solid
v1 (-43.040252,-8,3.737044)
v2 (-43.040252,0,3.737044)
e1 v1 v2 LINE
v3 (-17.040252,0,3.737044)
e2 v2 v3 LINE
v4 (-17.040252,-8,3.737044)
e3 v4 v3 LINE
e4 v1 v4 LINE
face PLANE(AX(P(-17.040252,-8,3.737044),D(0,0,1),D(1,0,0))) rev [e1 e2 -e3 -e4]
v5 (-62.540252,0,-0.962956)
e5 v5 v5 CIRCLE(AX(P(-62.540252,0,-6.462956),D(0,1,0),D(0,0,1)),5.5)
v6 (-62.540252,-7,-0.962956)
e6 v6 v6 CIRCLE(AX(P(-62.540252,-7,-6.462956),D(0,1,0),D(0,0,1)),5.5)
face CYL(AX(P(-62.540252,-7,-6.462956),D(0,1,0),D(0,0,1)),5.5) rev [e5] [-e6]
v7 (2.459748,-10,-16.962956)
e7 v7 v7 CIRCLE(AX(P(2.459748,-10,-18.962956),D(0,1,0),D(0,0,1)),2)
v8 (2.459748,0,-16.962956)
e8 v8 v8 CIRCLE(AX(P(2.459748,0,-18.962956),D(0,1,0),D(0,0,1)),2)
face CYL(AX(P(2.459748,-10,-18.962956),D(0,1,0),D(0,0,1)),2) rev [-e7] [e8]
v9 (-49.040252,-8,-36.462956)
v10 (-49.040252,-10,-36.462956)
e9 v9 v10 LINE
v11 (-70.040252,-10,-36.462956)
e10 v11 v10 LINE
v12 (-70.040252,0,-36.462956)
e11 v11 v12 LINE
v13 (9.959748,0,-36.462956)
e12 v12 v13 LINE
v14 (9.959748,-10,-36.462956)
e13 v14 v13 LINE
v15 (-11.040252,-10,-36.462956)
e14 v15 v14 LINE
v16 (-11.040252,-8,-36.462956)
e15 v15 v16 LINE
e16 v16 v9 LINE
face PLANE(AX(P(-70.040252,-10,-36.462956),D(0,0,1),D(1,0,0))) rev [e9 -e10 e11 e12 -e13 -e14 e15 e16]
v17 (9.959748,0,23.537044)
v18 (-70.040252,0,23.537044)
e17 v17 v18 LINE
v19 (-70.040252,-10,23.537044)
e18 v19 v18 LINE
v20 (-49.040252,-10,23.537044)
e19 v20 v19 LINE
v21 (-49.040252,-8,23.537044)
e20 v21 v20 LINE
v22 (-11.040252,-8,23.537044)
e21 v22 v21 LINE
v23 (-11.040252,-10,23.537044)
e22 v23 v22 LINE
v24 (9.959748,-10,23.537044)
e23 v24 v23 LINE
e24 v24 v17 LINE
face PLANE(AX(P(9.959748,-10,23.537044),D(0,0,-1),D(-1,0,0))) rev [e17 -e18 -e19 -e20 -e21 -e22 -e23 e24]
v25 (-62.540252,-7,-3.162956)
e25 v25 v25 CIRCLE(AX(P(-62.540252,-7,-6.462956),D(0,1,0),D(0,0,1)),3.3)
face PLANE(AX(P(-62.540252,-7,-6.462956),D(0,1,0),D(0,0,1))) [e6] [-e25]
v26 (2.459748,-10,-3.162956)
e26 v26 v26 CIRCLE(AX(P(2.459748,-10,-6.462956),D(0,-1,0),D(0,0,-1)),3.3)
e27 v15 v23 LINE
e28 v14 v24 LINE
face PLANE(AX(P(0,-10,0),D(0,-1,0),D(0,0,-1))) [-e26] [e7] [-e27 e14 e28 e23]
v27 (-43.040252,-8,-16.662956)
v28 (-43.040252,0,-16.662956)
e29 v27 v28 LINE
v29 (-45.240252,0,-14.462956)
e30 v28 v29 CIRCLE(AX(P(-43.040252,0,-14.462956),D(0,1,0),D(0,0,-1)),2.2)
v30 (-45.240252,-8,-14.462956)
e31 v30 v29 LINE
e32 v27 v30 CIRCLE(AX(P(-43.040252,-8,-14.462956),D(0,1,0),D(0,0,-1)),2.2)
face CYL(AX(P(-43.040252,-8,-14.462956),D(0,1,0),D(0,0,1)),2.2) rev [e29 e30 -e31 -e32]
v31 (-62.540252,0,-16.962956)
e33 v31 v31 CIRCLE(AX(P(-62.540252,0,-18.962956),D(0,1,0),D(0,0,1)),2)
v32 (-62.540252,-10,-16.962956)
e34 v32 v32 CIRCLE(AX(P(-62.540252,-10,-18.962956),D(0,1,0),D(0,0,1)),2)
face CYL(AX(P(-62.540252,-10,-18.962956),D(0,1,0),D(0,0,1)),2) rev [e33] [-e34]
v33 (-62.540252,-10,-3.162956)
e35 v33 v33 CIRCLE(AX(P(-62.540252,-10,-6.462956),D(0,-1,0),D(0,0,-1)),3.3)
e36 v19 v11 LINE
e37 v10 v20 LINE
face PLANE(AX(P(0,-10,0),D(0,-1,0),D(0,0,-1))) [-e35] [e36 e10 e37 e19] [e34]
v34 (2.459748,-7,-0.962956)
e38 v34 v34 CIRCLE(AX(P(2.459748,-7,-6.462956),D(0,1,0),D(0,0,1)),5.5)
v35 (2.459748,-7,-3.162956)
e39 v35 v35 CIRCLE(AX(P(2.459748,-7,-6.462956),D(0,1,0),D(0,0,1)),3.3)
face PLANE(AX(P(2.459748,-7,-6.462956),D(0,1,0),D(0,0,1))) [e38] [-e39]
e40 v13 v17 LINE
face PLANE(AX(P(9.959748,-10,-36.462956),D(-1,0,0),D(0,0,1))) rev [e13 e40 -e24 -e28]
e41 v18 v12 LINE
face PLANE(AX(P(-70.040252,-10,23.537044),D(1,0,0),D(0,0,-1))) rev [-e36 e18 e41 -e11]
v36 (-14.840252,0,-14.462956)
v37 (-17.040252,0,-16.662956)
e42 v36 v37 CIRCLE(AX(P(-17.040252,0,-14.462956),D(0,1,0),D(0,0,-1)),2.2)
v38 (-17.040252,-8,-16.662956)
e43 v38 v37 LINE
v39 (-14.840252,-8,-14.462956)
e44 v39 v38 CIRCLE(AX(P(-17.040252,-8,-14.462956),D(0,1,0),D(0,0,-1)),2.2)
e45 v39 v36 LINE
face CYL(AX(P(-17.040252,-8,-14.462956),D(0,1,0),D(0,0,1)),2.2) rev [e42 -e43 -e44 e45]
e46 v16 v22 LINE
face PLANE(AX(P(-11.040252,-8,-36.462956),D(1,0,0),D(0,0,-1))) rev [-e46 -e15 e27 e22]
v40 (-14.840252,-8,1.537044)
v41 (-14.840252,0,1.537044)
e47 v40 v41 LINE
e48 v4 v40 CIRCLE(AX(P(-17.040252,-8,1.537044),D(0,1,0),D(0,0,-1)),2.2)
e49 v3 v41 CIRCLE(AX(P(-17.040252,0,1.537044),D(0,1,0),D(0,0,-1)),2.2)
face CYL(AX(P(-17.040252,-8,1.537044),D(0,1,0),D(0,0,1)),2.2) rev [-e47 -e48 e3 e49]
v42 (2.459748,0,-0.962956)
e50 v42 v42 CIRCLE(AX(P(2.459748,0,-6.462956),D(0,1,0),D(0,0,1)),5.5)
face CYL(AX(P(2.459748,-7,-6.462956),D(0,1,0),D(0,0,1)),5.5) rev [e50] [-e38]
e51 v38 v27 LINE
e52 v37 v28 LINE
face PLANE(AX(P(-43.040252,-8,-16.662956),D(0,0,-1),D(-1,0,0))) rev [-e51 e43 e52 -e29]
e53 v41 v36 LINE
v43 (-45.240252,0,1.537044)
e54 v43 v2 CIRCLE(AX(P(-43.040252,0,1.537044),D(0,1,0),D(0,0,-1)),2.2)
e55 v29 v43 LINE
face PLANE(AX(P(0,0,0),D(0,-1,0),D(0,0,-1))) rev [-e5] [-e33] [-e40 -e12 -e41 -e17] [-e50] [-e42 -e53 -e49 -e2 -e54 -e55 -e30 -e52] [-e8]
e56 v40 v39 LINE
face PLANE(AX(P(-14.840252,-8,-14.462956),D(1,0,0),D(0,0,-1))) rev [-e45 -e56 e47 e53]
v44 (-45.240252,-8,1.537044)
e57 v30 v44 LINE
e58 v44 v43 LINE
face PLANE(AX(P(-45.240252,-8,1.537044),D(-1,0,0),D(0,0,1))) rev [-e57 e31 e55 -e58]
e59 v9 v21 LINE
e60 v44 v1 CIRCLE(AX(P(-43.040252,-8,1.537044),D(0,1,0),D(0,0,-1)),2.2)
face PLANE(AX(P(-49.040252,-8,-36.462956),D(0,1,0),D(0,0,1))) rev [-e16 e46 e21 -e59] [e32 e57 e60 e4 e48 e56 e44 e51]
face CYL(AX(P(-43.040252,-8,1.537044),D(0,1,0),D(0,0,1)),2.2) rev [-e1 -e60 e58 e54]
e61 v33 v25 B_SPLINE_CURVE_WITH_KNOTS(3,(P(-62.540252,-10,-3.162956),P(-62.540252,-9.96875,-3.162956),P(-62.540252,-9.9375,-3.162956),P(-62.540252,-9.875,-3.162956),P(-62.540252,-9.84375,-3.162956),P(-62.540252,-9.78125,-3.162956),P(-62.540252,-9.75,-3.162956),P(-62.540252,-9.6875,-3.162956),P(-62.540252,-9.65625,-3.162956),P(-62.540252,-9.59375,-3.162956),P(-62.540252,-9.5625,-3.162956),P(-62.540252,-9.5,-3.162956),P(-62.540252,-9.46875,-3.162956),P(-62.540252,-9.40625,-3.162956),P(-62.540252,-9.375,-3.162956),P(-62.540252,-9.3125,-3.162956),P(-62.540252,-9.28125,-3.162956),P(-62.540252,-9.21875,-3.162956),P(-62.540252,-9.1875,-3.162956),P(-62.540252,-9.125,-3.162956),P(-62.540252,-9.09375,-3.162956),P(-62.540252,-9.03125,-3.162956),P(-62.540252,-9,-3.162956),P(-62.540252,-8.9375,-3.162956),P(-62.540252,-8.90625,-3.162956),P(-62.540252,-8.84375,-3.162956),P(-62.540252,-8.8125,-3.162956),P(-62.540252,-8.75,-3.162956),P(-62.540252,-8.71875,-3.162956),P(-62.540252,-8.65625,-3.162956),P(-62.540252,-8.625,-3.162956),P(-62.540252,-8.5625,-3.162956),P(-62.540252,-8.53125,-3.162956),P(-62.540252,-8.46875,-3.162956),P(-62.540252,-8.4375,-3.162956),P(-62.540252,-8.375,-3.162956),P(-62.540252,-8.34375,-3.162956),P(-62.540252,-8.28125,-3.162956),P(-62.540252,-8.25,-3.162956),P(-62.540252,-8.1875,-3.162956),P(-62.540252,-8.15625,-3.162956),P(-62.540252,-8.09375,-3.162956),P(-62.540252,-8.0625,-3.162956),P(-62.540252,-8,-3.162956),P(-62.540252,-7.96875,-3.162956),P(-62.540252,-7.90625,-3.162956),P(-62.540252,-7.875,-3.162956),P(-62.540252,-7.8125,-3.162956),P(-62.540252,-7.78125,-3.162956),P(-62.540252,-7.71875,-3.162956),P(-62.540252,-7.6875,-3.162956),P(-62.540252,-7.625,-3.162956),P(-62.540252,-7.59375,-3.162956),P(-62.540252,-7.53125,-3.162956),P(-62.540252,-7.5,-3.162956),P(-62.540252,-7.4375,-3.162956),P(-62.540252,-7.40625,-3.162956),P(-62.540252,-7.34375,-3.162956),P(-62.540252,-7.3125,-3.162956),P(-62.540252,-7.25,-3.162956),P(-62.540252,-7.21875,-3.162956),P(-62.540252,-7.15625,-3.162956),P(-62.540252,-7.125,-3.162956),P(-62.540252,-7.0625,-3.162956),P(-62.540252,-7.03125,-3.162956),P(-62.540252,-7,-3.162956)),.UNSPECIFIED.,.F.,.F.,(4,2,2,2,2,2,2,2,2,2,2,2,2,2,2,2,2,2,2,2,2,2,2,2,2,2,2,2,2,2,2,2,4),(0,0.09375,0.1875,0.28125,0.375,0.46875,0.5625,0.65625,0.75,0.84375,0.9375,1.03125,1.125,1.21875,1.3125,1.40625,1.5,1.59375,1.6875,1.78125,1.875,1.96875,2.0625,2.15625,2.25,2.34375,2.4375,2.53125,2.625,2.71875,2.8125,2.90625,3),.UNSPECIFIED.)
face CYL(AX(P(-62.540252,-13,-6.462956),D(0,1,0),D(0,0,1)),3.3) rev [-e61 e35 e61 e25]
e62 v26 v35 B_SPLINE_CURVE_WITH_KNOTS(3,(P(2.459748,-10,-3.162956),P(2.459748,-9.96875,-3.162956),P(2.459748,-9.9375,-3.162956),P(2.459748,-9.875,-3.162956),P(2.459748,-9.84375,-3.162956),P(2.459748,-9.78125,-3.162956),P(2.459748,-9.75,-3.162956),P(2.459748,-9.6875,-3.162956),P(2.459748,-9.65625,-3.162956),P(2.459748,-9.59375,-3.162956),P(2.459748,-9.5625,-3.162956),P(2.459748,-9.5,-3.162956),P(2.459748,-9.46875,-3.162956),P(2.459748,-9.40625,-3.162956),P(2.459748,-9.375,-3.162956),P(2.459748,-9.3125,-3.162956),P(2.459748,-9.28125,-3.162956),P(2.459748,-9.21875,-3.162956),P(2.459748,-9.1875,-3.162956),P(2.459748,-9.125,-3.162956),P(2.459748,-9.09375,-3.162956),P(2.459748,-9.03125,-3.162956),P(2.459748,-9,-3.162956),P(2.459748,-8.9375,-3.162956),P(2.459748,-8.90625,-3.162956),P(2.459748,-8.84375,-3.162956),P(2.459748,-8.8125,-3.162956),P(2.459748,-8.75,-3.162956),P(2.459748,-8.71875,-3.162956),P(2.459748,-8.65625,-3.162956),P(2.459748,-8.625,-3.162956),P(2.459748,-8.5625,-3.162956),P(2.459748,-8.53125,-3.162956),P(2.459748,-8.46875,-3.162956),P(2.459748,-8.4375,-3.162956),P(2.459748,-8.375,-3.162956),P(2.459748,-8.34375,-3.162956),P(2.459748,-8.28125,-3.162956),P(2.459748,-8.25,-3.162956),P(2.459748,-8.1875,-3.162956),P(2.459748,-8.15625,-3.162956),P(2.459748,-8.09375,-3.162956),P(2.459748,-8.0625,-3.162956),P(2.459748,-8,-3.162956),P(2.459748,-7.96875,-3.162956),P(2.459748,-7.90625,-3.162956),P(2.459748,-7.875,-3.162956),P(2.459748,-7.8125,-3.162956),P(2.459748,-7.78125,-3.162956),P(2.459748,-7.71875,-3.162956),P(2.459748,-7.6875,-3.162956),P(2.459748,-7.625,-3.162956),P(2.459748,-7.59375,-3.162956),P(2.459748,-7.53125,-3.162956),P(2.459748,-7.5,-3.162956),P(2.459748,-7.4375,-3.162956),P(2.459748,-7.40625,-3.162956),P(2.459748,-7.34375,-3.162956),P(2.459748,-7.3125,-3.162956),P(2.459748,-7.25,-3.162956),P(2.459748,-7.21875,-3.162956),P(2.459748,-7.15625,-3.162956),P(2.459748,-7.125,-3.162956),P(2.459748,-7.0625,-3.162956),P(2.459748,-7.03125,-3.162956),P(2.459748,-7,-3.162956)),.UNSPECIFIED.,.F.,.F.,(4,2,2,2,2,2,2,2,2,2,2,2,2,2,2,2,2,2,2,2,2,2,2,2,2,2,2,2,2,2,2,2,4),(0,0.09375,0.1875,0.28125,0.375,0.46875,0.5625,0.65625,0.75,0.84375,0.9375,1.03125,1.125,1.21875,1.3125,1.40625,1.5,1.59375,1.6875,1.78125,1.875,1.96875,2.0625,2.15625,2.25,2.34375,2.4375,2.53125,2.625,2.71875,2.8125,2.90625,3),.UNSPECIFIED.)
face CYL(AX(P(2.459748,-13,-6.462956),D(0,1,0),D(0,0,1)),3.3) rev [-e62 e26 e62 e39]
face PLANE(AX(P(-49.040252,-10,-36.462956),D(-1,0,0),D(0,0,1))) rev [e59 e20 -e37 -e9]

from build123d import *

# Parameters (mm, degrees)
SKETCH1_W           = 80
SKETCH1_H           = 60
BOSS_EXTRUDE3_DEPTH = 10
SKETCH2_R           = 5.5
CUT_EXTRUDE2_DEPTH  = 7
SKETCH3_R           = 2
CUT_EXTRUDE3_DEPTH  = 10
CUT_EXTRUDE4_DEPTH  = 8
SKETCH6_W           = 38
SKETCH6_H           = 2
CUT_EXTRUDE5_DEPTH  = 60
SKETCH7_R           = 3.3
CUT_EXTRUDE7_DEPTH  = 13


with BuildPart() as part:
    # Sketch1 → Boss-Extrude3 (new body)
    with BuildSketch(Plane(origin=(0, 0, 0), x_dir=(1, 0, 0), z_dir=(0, 1, 0))):
        with Locations((-30.040251739, 6.462955974)):
            Rectangle(SKETCH1_W, SKETCH1_H)
    extrude(amount=-BOSS_EXTRUDE3_DEPTH)

    # Sketch2 → Cut-Extrude2 (cut)
    with BuildSketch(Plane(origin=(0, 0, 0), x_dir=(1, 0, 0), z_dir=(0, 1, 0))):
        with Locations(Location((-62.540251739, 6.462955974, 0), (0, 0, 270))):
            Circle(SKETCH2_R)
        with Locations(Location((2.459748261, 6.462955974, 0), (0, 0, 270))):
            Circle(SKETCH2_R)
    extrude(amount=-CUT_EXTRUDE2_DEPTH, mode=Mode.SUBTRACT)

    # Sketch3 → Cut-Extrude3 (cut)
    with BuildSketch(Plane(origin=(0, 0, 0), x_dir=(1, 0, 0), z_dir=(0, 1, 0))):
        with Locations(Location((-62.540251739, 18.962955974, 0), (0, 0, 270))):
            Circle(SKETCH3_R)
        with Locations(Location((2.459748261, 18.962955974, 0), (0, 0, 270))):
            Circle(SKETCH3_R)
    extrude(amount=-CUT_EXTRUDE3_DEPTH, mode=Mode.SUBTRACT)

    # Sketch4 → Cut-Extrude4 (cut)
    with BuildSketch(Plane(origin=(0, 0, 0), x_dir=(1, 0, 0), z_dir=(0, 1, 0))):
        with BuildLine():
            Line((-43.040251739, 16.662955974), (-17.040251739, 16.662955974))
            ThreePointArc((-17.040251739, 16.662955974), (-15.48461682, 16.018590892), (-14.840251739, 14.462955974))
            Line((-14.840251739, 14.462955974), (-14.840251739, -1.537044026))
            ThreePointArc((-14.840251739, -1.537044026), (-15.48461682, -3.092678945), (-17.040251739, -3.737044026))
            Line((-17.040251739, -3.737044026), (-43.040251739, -3.737044026))
            ThreePointArc((-43.040251739, -3.737044026), (-44.595886658, -3.092678945), (-45.240251739, -1.537044026))
            Line((-45.240251739, -1.537044026), (-45.240251739, 14.462955974))
            ThreePointArc((-45.240251739, 14.462955974), (-44.595886658, 16.018590892), (-43.040251739, 16.662955974))
        make_face()
    extrude(amount=-CUT_EXTRUDE4_DEPTH, mode=Mode.SUBTRACT)

    # Sketch6 → Cut-Extrude5 (cut)
    with BuildSketch(Plane.XY.offset(23.537044026)):
        with Locations((-30.040251739, -9)):
            Rectangle(SKETCH6_W, SKETCH6_H)
    extrude(amount=-CUT_EXTRUDE5_DEPTH, mode=Mode.SUBTRACT)

    # Sketch7 → Cut-Extrude7 (cut)
    with BuildSketch(Plane(origin=(0, 0, 0), x_dir=(1, 0, 0), z_dir=(0, 1, 0))):
        with Locations(Location((-62.540251739, 6.462955974, 0), (0, 0, 270))):
            Circle(SKETCH7_R)
        with Locations(Location((2.459748261, 6.462955974, 0), (0, 0, 270))):
            Circle(SKETCH7_R)
    extrude(amount=-CUT_EXTRUDE7_DEPTH, mode=Mode.SUBTRACT)


solid = part.part
